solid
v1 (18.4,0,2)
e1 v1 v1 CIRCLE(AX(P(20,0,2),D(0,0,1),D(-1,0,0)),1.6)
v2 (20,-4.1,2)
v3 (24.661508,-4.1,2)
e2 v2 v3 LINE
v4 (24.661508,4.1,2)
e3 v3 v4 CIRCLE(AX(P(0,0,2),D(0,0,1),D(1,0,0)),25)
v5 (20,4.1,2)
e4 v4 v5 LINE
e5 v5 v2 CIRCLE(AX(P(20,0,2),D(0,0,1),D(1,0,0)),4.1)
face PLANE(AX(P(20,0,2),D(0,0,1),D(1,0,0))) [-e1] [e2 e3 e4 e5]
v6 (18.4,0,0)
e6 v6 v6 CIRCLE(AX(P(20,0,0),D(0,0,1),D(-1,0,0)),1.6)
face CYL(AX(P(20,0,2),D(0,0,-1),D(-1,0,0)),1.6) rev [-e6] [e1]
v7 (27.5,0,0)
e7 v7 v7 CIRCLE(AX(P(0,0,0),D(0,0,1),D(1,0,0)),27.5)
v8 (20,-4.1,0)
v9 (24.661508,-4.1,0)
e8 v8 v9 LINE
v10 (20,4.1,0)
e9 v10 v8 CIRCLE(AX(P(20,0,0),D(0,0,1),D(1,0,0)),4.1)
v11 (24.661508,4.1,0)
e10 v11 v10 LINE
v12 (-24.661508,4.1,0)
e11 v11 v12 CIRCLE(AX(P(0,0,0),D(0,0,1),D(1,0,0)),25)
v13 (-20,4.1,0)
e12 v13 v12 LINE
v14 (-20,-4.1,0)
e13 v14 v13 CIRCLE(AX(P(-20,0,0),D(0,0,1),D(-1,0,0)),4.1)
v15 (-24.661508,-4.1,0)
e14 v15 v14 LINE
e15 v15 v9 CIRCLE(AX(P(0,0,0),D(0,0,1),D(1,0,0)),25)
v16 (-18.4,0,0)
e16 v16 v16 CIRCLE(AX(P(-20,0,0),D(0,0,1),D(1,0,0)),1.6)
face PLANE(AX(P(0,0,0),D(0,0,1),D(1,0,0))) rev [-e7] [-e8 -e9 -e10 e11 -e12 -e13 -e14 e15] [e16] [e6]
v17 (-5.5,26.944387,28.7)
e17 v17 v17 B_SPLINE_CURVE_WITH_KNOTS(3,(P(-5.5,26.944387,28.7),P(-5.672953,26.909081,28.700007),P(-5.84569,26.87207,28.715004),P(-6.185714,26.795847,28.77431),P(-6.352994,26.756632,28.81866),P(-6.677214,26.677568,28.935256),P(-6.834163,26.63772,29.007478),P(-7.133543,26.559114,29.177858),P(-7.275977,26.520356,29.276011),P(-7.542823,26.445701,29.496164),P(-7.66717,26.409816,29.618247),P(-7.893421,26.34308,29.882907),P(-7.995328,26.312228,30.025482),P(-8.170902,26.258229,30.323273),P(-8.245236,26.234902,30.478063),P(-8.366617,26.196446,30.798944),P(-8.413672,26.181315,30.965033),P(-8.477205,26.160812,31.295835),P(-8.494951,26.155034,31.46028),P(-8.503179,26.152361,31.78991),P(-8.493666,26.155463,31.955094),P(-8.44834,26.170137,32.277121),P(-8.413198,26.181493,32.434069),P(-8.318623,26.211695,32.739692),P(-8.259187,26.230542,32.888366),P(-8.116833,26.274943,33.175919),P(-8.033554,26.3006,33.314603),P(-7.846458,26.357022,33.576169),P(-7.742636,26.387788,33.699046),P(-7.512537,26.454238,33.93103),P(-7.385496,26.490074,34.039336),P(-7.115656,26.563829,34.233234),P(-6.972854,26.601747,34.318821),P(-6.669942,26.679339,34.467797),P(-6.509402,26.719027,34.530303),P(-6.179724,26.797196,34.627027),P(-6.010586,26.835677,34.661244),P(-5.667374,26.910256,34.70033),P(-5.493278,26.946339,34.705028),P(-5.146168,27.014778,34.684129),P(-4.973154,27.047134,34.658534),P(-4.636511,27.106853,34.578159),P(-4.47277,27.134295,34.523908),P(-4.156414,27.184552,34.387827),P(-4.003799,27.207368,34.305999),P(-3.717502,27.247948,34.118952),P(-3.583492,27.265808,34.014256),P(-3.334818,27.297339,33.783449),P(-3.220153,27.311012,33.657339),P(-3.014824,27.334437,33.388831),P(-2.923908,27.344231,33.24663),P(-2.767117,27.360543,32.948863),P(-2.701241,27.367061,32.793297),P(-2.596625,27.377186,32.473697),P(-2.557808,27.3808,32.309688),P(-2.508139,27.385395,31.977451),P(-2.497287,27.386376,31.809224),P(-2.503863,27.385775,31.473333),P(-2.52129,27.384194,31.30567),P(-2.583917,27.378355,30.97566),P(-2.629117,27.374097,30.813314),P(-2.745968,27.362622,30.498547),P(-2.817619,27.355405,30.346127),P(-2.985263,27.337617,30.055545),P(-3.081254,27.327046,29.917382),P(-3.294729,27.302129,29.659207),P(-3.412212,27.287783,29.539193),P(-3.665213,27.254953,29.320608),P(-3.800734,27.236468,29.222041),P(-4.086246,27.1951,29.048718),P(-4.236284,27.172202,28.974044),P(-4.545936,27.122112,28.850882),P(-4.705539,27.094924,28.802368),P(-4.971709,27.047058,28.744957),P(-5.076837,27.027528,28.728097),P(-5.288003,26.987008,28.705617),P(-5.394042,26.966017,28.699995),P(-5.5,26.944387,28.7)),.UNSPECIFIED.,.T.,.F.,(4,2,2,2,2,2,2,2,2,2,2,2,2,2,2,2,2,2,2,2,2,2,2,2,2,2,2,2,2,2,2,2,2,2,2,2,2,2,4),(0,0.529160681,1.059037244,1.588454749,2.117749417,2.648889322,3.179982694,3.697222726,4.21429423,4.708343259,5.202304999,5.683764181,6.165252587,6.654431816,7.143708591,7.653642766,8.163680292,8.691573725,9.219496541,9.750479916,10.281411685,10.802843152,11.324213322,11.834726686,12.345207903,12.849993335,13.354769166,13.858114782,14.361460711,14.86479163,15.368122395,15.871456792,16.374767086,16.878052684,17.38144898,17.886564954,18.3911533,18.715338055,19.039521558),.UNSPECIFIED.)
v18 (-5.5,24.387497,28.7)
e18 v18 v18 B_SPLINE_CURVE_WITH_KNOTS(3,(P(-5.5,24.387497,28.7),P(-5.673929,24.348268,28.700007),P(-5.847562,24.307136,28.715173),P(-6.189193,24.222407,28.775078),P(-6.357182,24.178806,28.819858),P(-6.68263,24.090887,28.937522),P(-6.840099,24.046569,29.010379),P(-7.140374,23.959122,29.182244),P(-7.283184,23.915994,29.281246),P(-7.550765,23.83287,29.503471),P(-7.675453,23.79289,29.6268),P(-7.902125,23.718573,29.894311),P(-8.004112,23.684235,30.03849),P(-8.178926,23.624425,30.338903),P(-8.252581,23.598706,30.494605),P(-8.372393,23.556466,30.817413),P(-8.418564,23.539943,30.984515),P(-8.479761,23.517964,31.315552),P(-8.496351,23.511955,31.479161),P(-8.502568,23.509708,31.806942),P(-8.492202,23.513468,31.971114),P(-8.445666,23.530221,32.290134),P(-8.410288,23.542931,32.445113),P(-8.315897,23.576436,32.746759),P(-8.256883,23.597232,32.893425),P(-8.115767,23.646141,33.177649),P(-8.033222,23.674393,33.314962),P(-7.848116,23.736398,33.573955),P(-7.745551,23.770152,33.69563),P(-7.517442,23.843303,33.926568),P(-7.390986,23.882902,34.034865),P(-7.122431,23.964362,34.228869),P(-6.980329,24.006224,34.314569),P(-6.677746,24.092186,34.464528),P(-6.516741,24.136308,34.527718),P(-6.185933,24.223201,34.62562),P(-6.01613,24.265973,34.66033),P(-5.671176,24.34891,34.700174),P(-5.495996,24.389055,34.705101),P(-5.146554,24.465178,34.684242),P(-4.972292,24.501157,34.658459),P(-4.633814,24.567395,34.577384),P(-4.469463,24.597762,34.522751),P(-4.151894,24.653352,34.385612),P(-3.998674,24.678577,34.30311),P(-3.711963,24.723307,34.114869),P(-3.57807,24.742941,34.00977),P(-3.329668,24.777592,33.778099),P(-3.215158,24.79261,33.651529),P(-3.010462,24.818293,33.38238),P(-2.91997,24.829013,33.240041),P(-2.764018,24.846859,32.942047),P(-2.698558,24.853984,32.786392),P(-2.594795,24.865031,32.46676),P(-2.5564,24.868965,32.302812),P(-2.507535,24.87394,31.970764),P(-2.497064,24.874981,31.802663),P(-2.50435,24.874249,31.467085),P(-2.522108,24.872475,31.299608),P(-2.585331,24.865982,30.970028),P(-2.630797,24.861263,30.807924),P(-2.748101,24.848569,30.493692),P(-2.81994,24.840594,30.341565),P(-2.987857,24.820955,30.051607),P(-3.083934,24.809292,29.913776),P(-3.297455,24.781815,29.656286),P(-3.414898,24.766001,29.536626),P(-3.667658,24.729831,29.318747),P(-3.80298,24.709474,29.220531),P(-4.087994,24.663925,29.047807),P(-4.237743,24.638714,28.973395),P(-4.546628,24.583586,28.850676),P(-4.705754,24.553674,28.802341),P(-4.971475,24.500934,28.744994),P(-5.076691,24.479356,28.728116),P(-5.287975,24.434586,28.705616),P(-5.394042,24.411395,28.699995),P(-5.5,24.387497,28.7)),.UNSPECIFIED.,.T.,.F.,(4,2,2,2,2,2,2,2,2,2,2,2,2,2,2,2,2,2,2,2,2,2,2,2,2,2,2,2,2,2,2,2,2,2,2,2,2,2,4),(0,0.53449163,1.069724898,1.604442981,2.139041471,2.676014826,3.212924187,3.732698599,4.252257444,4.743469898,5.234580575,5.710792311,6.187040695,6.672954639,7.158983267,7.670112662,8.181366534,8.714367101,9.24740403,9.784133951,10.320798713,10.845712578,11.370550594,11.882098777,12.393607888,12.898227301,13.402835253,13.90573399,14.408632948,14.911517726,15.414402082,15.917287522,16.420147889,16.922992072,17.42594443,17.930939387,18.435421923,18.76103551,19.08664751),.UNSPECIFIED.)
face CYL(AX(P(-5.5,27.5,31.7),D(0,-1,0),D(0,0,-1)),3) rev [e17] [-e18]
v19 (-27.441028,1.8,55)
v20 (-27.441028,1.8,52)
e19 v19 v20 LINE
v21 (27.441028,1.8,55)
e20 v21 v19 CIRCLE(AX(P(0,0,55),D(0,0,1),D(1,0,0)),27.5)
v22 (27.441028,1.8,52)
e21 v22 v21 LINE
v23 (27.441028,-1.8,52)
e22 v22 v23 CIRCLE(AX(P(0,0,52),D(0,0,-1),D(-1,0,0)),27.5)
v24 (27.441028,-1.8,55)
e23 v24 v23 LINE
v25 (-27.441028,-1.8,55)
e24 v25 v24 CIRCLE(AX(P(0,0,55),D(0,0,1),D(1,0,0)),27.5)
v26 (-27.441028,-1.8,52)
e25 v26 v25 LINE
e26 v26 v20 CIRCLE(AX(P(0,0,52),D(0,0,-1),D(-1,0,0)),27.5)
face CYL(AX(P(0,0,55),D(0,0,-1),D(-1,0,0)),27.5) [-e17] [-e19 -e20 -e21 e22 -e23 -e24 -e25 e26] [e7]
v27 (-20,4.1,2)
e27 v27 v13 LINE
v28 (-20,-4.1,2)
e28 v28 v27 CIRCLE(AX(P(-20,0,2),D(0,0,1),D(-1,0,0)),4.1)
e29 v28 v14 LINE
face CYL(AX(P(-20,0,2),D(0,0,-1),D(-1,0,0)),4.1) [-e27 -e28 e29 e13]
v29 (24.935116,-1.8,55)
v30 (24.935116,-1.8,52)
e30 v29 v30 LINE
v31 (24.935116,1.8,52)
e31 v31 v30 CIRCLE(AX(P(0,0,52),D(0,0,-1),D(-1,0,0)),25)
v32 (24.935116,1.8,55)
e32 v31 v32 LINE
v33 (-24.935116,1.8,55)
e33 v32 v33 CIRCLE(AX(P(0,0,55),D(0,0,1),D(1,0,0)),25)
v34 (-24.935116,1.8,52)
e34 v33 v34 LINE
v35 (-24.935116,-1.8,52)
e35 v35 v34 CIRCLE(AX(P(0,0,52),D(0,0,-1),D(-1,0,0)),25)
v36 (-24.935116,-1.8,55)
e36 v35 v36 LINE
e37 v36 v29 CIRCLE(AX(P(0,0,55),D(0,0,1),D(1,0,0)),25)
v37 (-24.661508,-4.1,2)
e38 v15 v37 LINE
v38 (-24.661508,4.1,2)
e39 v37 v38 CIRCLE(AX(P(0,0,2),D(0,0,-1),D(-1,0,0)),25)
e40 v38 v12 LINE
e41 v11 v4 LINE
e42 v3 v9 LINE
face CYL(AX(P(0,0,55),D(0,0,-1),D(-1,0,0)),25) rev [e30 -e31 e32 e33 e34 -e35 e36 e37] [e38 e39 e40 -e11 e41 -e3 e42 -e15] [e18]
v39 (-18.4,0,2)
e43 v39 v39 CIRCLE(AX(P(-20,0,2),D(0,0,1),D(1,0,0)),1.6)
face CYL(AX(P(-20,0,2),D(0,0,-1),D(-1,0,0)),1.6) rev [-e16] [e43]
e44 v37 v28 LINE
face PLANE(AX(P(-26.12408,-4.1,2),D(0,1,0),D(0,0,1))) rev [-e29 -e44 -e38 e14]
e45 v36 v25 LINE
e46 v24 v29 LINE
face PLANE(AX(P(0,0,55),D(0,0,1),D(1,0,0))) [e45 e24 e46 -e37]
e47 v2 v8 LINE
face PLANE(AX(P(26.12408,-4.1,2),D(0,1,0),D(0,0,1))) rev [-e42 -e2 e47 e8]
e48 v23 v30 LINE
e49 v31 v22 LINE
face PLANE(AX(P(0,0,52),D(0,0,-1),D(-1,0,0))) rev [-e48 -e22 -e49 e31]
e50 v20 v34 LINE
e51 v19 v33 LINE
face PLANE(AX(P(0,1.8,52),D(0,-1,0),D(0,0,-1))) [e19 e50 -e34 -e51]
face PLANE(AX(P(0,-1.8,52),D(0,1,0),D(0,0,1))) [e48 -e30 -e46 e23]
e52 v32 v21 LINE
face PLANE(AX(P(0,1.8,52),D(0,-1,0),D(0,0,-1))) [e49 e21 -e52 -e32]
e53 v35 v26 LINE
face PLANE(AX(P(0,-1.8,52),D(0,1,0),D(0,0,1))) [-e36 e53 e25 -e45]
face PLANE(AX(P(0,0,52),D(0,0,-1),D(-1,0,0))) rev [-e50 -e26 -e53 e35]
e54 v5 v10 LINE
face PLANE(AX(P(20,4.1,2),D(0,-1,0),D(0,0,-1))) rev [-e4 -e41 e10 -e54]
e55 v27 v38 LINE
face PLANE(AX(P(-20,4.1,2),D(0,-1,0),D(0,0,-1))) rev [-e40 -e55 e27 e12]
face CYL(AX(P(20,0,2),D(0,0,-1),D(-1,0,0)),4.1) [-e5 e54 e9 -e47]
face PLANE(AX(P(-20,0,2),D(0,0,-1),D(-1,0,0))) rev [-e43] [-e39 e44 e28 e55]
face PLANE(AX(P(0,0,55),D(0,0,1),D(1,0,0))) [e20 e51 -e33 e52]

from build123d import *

# Parameters (mm, degrees)
SKETCH1_R           = 27.5
SKETCH1_R_2         = 25
BOSS_EXTRUDE1_DEPTH = 55
SKETCH2_R           = 1.6
BOSS_EXTRUDE2_DEPTH = 2
CUT_EXTRUDE1_START  = 55
SKETCH3_W           = 60.535746445
SKETCH3_H           = 3.6
CUT_EXTRUDE1_DEPTH  = 3
SKETCH4_R           = 3
CUT_EXTRUDE2_DEPTH  = 28.5


with BuildPart() as part:
    # Sketch1 → Boss-Extrude1 (new body)
    with BuildSketch(Plane.XY):
        Circle(SKETCH1_R)
        Circle(SKETCH1_R_2, mode=Mode.SUBTRACT)
    extrude(amount=BOSS_EXTRUDE1_DEPTH)

    # Sketch2 → Boss-Extrude2 (add)
    with BuildSketch(Plane.XY):
        with BuildLine():
            Line((-20, 4.1), (-26.124079623, 4.1))
            Line((-26.124079623, 4.1), (-26.124079623, -4.1))
            Line((-26.124079623, -4.1), (-20, -4.1))
            ThreePointArc((-20, -4.1), (-15.9, 0), (-20, 4.1))
        make_face()
        with Locations((-20, 0)):
            Circle(SKETCH2_R, mode=Mode.SUBTRACT)
        with BuildLine():
            Line((26.124079623, -4.1), (20, -4.1))
            ThreePointArc((20, -4.1), (15.9, 0), (20, 4.1))
            Line((20, 4.1), (26.124079623, 4.1))
            Line((26.124079623, 4.1), (26.124079623, -4.1))
        make_face()
        with Locations((20, 0)):
            Circle(SKETCH2_R, mode=Mode.SUBTRACT)
    extrude(amount=BOSS_EXTRUDE2_DEPTH)

    # Sketch3 → Cut-Extrude1 (cut)
    with BuildSketch(Plane.XY.offset(CUT_EXTRUDE1_START)):
        with Locations((1.235423396, 0)):
            Rectangle(SKETCH3_W, SKETCH3_H)
    extrude(amount=-CUT_EXTRUDE1_DEPTH, mode=Mode.SUBTRACT)

    # Sketch4 → Cut-Extrude2 (cut, through all)
    with BuildSketch(Plane(origin=(0, 0, 0), x_dir=(1, 0, 0), z_dir=(0, 1, 0))):
        with Locations((-5.5, -31.7)):
            Circle(SKETCH4_R)
    extrude(amount=CUT_EXTRUDE2_DEPTH, mode=Mode.SUBTRACT)


solid = part.part
